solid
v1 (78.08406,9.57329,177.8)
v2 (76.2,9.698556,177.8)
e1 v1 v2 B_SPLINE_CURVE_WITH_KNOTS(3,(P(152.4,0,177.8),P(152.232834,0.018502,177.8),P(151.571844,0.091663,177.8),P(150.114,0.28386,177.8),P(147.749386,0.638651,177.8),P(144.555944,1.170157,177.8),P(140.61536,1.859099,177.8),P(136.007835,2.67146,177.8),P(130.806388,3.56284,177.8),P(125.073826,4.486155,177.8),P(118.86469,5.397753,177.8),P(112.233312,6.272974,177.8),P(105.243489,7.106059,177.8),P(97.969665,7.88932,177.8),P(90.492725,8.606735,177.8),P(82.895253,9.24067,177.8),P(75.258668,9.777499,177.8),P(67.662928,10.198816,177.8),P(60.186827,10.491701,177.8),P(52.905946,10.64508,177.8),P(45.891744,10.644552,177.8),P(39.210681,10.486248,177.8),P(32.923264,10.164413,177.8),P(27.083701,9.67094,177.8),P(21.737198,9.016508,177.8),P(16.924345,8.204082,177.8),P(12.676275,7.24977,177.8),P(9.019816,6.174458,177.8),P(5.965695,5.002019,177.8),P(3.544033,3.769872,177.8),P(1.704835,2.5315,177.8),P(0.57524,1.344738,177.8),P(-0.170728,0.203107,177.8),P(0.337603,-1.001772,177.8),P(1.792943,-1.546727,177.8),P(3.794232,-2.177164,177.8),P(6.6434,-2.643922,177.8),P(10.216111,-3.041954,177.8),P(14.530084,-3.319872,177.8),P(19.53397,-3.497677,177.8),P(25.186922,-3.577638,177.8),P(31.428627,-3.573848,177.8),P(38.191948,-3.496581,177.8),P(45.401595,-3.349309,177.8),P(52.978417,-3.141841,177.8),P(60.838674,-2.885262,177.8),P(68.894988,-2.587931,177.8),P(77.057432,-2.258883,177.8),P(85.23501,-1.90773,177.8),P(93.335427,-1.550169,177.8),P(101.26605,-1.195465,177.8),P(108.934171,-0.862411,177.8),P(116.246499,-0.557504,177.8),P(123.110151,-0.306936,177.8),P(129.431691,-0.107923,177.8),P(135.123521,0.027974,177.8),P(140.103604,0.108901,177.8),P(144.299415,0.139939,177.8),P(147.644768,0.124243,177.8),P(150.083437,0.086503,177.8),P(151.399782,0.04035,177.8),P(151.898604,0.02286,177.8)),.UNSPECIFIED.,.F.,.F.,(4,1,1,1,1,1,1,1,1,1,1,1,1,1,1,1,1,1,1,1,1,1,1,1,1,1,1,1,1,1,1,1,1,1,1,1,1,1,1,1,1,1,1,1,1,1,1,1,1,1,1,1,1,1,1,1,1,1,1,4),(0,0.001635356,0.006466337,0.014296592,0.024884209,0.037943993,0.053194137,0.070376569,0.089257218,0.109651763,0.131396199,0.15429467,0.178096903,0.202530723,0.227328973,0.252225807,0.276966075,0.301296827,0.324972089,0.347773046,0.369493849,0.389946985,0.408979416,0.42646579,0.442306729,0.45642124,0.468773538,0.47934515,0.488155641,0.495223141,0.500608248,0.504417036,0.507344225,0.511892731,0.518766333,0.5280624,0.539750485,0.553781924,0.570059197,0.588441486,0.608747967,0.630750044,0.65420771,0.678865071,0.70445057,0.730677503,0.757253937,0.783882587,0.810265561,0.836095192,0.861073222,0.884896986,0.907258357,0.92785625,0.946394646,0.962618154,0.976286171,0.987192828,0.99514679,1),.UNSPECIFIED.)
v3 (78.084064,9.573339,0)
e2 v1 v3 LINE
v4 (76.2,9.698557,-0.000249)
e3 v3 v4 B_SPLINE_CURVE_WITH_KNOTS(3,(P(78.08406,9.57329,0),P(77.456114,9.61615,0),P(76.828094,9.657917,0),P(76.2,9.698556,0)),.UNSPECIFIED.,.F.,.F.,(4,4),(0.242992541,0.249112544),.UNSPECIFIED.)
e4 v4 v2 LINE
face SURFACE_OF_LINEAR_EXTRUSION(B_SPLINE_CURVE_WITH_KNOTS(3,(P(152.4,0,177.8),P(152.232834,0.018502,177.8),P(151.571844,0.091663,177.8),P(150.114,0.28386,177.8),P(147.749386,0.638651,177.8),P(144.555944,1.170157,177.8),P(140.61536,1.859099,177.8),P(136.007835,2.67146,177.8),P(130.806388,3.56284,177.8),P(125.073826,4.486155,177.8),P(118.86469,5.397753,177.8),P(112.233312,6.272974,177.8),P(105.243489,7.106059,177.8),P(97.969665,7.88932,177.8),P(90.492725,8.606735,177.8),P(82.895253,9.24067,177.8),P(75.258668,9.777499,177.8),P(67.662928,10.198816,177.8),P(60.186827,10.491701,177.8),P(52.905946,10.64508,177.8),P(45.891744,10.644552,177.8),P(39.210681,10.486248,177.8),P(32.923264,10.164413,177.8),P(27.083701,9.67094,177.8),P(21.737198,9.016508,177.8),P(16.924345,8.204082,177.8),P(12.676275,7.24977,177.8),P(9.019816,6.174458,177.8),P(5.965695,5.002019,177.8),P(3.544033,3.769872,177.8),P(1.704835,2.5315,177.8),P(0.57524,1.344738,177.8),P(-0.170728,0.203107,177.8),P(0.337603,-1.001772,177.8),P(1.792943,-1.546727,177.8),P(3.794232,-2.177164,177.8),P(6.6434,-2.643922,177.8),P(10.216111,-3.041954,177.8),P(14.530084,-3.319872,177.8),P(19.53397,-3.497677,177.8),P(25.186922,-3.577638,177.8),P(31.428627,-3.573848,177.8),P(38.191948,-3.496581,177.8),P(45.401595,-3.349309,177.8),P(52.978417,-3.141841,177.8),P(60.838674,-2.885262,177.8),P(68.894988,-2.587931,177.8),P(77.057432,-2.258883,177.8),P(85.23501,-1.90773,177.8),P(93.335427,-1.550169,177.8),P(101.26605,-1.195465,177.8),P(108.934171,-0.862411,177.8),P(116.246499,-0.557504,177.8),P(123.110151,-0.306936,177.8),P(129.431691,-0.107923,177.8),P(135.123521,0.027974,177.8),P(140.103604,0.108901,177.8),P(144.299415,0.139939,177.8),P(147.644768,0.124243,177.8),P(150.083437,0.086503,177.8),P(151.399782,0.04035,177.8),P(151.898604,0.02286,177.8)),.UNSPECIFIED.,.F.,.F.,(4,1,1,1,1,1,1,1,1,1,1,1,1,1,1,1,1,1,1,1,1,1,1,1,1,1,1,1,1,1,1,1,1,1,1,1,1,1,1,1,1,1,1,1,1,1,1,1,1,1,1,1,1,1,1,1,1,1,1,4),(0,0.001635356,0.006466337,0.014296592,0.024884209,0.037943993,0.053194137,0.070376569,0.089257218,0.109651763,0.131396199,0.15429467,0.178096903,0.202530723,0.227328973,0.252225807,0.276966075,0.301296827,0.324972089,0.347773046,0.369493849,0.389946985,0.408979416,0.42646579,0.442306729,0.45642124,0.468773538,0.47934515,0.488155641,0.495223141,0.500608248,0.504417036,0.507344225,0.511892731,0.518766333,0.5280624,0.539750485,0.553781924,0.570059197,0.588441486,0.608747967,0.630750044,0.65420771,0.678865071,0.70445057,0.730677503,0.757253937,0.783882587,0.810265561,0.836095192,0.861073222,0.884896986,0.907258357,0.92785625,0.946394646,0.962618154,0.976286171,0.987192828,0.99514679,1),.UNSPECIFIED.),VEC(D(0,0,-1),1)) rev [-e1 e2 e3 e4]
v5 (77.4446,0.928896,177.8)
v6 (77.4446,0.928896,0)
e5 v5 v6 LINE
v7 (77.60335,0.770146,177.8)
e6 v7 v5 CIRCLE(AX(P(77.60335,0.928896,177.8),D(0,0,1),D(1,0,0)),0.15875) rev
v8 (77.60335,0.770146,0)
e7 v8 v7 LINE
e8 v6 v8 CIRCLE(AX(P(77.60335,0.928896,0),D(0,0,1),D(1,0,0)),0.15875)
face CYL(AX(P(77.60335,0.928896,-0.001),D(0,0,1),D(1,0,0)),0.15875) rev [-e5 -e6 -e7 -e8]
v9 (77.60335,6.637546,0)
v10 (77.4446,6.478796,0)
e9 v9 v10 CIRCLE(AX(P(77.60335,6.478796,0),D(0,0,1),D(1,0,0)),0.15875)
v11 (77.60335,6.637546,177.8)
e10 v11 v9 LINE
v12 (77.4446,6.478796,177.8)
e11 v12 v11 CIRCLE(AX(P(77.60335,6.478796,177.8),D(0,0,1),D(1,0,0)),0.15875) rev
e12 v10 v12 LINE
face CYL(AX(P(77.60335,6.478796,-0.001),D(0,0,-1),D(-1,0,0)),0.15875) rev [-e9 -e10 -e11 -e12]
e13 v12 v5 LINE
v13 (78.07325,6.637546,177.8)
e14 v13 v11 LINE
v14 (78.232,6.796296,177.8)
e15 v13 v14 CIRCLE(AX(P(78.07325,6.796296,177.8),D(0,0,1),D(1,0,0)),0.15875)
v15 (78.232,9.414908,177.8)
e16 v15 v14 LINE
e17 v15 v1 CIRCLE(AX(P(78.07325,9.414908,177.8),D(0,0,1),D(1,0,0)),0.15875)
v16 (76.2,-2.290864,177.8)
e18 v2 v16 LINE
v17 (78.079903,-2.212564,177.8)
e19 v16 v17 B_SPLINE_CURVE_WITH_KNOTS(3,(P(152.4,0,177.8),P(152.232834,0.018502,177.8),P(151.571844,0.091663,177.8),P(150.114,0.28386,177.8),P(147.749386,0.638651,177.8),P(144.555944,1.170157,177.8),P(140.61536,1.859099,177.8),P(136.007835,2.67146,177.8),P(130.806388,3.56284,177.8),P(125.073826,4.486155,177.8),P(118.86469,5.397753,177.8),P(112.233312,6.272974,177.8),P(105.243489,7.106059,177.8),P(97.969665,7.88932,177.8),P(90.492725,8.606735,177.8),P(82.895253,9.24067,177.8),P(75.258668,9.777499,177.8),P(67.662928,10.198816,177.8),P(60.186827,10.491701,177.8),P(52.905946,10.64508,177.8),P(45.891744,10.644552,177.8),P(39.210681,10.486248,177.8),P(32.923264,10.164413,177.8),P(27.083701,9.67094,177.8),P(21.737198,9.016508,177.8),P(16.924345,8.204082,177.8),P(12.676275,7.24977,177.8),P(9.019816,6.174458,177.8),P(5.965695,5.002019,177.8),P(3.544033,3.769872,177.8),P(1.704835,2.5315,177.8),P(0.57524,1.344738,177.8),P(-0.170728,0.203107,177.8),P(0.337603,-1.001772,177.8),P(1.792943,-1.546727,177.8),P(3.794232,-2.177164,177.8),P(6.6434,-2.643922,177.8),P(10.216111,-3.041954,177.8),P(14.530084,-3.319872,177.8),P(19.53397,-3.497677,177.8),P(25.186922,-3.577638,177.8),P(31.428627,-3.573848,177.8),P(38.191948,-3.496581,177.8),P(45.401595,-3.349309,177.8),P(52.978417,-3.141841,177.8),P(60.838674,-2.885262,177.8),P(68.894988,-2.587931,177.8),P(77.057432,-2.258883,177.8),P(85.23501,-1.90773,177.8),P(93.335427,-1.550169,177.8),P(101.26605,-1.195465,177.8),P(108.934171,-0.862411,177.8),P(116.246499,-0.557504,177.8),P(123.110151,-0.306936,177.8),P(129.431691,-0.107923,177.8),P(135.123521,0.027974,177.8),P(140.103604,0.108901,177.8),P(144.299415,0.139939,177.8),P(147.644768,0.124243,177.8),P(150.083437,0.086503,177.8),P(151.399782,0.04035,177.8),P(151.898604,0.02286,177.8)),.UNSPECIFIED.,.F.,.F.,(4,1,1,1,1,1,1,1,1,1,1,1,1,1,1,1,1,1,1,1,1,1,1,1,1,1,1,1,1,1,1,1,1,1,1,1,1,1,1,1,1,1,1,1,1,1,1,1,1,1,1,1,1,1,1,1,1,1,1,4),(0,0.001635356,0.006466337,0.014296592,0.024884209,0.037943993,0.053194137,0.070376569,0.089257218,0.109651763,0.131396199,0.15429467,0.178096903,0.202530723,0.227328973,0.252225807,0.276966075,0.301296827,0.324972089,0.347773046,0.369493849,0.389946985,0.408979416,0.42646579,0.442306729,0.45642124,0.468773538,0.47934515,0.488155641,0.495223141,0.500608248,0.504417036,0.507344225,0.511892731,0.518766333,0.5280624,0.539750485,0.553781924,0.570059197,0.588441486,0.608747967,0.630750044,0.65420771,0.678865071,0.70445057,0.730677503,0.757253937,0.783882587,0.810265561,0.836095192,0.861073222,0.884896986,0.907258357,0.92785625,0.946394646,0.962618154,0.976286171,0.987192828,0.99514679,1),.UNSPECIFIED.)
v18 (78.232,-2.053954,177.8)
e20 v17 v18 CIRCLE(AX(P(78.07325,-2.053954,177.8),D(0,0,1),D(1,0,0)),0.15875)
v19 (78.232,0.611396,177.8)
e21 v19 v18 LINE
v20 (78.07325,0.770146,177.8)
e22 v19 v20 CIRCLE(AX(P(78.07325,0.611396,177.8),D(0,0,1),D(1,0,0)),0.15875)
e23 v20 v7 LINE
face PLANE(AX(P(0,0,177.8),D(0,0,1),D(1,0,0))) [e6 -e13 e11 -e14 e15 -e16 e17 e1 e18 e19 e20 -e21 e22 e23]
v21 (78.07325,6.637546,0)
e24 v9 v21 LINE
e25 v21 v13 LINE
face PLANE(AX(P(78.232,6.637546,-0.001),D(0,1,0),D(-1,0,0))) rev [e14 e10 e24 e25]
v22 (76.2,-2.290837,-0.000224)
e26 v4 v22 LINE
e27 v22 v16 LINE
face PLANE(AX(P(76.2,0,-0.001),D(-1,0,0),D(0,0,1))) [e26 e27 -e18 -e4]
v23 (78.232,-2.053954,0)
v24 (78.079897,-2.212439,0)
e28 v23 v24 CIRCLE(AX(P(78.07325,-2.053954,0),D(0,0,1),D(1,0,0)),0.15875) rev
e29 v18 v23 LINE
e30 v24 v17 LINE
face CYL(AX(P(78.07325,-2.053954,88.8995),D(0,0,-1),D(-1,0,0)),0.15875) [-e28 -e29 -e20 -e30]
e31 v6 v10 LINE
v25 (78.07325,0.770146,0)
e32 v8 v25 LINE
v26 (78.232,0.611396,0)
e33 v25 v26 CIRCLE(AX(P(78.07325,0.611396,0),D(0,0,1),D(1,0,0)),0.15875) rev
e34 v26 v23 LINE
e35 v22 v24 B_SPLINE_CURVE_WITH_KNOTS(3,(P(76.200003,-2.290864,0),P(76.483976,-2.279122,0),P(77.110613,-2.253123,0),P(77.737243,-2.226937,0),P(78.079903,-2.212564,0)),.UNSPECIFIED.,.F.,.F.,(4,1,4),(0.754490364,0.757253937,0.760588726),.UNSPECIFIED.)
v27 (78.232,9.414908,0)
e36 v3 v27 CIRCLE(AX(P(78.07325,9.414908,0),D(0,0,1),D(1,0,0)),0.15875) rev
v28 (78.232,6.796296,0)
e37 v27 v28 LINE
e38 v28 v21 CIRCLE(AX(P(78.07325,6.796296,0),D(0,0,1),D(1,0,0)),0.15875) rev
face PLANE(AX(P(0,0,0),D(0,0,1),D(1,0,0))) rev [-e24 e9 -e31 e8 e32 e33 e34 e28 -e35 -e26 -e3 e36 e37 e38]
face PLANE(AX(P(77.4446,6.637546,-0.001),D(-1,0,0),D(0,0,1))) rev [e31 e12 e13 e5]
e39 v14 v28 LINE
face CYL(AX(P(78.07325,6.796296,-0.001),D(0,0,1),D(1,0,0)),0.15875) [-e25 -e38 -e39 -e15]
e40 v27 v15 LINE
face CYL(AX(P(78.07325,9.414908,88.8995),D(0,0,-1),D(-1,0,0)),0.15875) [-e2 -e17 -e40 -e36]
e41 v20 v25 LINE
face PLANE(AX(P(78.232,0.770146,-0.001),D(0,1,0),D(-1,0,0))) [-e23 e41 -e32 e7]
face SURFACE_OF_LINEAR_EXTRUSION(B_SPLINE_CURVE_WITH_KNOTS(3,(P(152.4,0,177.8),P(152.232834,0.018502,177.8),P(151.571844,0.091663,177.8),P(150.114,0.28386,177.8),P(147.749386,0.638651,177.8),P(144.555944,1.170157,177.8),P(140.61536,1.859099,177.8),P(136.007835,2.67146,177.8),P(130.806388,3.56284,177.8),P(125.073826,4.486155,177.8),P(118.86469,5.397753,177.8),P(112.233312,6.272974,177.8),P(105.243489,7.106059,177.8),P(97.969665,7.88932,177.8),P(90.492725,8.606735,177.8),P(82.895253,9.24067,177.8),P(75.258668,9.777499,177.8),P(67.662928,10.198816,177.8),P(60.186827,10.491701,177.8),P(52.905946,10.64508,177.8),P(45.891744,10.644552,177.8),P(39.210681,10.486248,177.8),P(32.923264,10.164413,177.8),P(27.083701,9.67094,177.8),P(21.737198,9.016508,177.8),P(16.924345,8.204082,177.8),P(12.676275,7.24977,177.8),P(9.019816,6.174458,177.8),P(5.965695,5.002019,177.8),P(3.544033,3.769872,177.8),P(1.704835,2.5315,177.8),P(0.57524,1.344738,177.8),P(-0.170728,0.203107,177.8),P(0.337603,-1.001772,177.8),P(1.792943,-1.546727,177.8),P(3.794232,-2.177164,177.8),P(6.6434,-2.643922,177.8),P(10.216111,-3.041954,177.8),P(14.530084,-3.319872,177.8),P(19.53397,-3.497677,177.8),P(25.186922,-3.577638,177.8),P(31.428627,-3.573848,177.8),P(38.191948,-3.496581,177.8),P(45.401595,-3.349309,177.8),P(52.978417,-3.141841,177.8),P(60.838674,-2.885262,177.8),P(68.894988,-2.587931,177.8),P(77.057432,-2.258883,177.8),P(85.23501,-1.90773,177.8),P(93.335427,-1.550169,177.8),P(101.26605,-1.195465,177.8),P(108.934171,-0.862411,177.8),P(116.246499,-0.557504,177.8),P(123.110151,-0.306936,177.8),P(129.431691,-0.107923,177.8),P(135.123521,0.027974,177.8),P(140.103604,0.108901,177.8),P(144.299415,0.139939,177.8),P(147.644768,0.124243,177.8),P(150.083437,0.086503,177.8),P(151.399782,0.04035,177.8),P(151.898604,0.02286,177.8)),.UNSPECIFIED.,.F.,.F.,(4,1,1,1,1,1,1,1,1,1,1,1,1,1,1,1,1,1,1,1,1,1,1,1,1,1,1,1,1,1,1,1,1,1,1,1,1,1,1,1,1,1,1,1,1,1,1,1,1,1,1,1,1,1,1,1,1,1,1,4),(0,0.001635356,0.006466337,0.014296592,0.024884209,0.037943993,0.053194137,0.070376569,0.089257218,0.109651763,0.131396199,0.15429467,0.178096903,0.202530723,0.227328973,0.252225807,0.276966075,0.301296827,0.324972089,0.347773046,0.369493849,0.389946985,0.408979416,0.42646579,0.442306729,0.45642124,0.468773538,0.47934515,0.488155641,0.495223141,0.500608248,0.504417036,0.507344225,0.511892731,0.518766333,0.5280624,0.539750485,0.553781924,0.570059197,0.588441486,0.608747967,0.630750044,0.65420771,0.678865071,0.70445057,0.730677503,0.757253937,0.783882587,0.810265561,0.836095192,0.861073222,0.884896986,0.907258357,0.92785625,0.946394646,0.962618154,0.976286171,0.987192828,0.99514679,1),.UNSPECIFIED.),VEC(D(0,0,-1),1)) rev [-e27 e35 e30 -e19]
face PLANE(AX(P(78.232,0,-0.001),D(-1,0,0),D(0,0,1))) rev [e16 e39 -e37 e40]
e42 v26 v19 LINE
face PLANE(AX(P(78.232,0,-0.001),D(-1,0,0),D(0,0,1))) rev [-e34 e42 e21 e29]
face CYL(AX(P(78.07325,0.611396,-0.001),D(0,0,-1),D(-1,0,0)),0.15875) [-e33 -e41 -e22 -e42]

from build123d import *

# Parameters (mm, degrees)
BOSS_EXTRUDE1_DEPTH = 177.8
CUT_EXTRUDE1_REACH  = 236.418
SKETCH3_W           = 0.7874
SKETCH3_H           = 5.8674
FILLET1_R           = 0.15875


with BuildPart() as part:
    # Sketch1 → Boss-Extrude1 (new body)
    with BuildSketch(Plane.XY):
        with BuildLine():
            Line((151.898604, 0.02286), (152.4, 0))
            add(Edge.make_bspline(
                [(152.4, 0), (152.232833718, 0.018502415), (151.571843934, 0.091662545), (150.113999557, 0.2838596), (147.749385864, 0.638650629), (144.555943786, 1.170157002), (140.615360499, 1.859099247), (136.007834995, 2.67146013), (130.806388019, 3.562840017), (125.073826155, 4.486154777), (118.864690135, 5.397753278), (112.233312125, 6.272974236), (105.243489487, 7.106058892), (97.969665406, 7.889319693), (90.492724993, 8.606734858), (82.895253241, 9.240670251), (75.258667902, 9.77749908), (67.662928423, 10.198815718), (60.186827499, 10.49170102), (52.905945954, 10.645080099), (45.891743713, 10.644551806), (39.210681048, 10.486247597), (32.923263797, 10.164412711), (27.083700854, 9.670939726), (21.73719754, 9.016508091), (16.924344759, 8.204081974), (12.676275305, 7.249770479), (9.019815693, 6.174457771), (5.965694819, 5.002018522), (3.544032537, 3.769871526), (1.704834708, 2.531499726), (0.575239506, 1.344737529), (-0.170728015, 0.20310696), (0.337603285, -1.001772228), (1.792943226, -1.546726795), (3.794232235, -2.17716446), (6.643400201, -2.643922316), (10.216110654, -3.041953632), (14.530084187, -3.319872228), (19.533969629, -3.497677255), (25.18692206, -3.577638345), (31.428627275, -3.573848082), (38.191948203, -3.496581442), (45.401595317, -3.349308986), (52.97841726, -3.141841288), (60.83867414, -2.885262261), (68.894988424, -2.587930905), (77.057432025, -2.258882887), (85.235009672, -1.907730283), (93.335426834, -1.550168819), (101.266049649, -1.195465221), (108.93417081, -0.862411006), (116.2464986, -0.557504045), (123.110150899, -0.306936183), (129.431690533, -0.107922528), (135.123521438, 0.027974451), (140.103603919, 0.108900525), (144.29941542, 0.13993859), (147.644768246, 0.124243061), (150.083437285, 0.086502888), (151.399782071, 0.04034956), (151.898604, 0.02286)],
                knots=[0, 0, 0, 0, 0.001635356, 0.006466337, 0.014296592, 0.024884209, 0.037943993, 0.053194137, 0.070376569, 0.089257218, 0.109651763, 0.131396199, 0.15429467, 0.178096903, 0.202530723, 0.227328973, 0.252225807, 0.276966075, 0.301296827, 0.324972089, 0.347773046, 0.369493849, 0.389946985, 0.408979416, 0.42646579, 0.442306729, 0.45642124, 0.468773538, 0.47934515, 0.488155641, 0.495223141, 0.500608248, 0.504417036, 0.507344225, 0.511892731, 0.518766333, 0.5280624, 0.539750485, 0.553781924, 0.570059197, 0.588441486, 0.608747967, 0.630750044, 0.65420771, 0.678865071, 0.70445057, 0.730677503, 0.757253937, 0.783882587, 0.810265561, 0.836095192, 0.861073222, 0.884896986, 0.907258357, 0.92785625, 0.946394646, 0.962618154, 0.976286171, 0.987192828, 0.99514679, 1, 1, 1, 1], degree=3))
        make_face()
    extrude(amount=BOSS_EXTRUDE1_DEPTH)

    # Sketch3 → Cut-Extrude1 (cut, up to next)
    with BuildSketch(Plane.XY.offset(177.8), mode=Mode.PRIVATE) as cut_extrude1_sk1:
        with BuildLine():
            Line((76.2, -2.290863726), (76.2, 9.698555773))
            add(Edge.make_bspline(
                [(76.2, 9.698555773), (75.880486903, 9.71922899), (73.021718792, 9.901577043), (67.662928423, 10.198815718), (60.186827499, 10.49170102), (52.905945954, 10.645080099), (45.891743713, 10.644551806), (39.210681048, 10.486247597), (32.923263797, 10.164412711), (27.083700854, 9.670939726), (21.73719754, 9.016508091), (16.924344759, 8.204081974), (12.676275305, 7.249770479), (9.019815693, 6.174457771), (5.965694819, 5.002018522), (3.544032537, 3.769871526), (1.704834708, 2.531499726), (0.575239506, 1.344737529), (-0.170728015, 0.20310696), (0.337603285, -1.001772228), (1.792943226, -1.546726795), (3.794232235, -2.17716446), (6.643400201, -2.643922316), (10.216110654, -3.041953632), (14.530084187, -3.319872228), (19.533969629, -3.497677255), (25.18692206, -3.577638345), (31.428627275, -3.573848082), (38.191948203, -3.496581442), (45.401595317, -3.349308986), (52.97841726, -3.141841288), (60.83867414, -2.885262261), (68.610964891, -2.598413254), (73.753094803, -2.392038155), (76.2, -2.290863726)],
                knots=[0.249112544, 0.249112544, 0.249112544, 0.249112544, 0.252225807, 0.276966075, 0.301296827, 0.324972089, 0.347773046, 0.369493849, 0.389946985, 0.408979416, 0.42646579, 0.442306729, 0.45642124, 0.468773538, 0.47934515, 0.488155641, 0.495223141, 0.500608248, 0.504417036, 0.507344225, 0.511892731, 0.518766333, 0.5280624, 0.539750485, 0.553781924, 0.570059197, 0.588441486, 0.608747967, 0.630750044, 0.65420771, 0.678865071, 0.70445057, 0.730677503, 0.754490355, 0.754490355, 0.754490355, 0.754490355], degree=3))
        make_face()
    cut_extrude1_tool1 = extrude(cut_extrude1_sk1.sketch, amount=-CUT_EXTRUDE1_REACH, mode=Mode.PRIVATE) & part.part
    # Sketch3 → Cut-Extrude1 (cut, up to next)
    with BuildSketch(Plane.XY.offset(177.8), mode=Mode.PRIVATE) as cut_extrude1_sk2:
        with BuildLine():
            add(Edge.make_bspline(
                [(152.329043318, 0.007856204), (152.185531128, 0.023755853), (151.548249147, 0.094773199), (150.113999557, 0.2838596), (147.749385864, 0.638650629), (144.555943786, 1.170157002), (140.615360499, 1.859099247), (136.007834995, 2.67146013), (130.806388019, 3.562840017), (125.073826155, 4.486154777), (118.864690135, 5.397753278), (112.233312125, 6.272974236), (105.243489487, 7.106058892), (97.969665406, 7.889319693), (90.492724993, 8.606734858), (83.890828887, 9.157599111), (79.789825298, 9.456414677), (78.232, 9.563171971)],
                knots=[0.000231386, 0.000231386, 0.000231386, 0.000231386, 0.001635356, 0.006466337, 0.014296592, 0.024884209, 0.037943993, 0.053194137, 0.070376569, 0.089257218, 0.109651763, 0.131396199, 0.15429467, 0.178096903, 0.202530723, 0.227328973, 0.242511926, 0.242511926, 0.242511926, 0.242511926], degree=3))
            Line((78.232, 9.563171971), (78.232, 6.637546024))
            Line((78.232, 6.637546024), (78.232, 0.770146024))
            Line((78.232, 0.770146024), (78.232, -2.206181248))
            add(Edge.make_bspline(
                [(78.232, -2.206181248), (80.57481261, -2.107809283), (85.628331607, -1.890368614), (93.335426834, -1.550168819), (101.266049649, -1.195465221), (108.93417081, -0.862411006), (116.2464986, -0.557504045), (123.110150899, -0.306936183), (129.431690533, -0.107922528), (135.123521438, 0.027974451), (140.103603919, 0.108900525), (144.29941542, 0.13993859), (147.644768246, 0.124243061), (150.083437285, 0.086502888), (151.399782071, 0.04034956), (151.898604, 0.02286)],
                knots=[0.761082134, 0.761082134, 0.761082134, 0.761082134, 0.783882587, 0.810265561, 0.836095192, 0.861073222, 0.884896986, 0.907258357, 0.92785625, 0.946394646, 0.962618154, 0.976286171, 0.987192828, 0.99514679, 1, 1, 1, 1], degree=3))
            Line((151.898604, 0.02286), (152.4, 0))
            add(Edge.make_bspline(
                [(152.4, 0), (152.376347675, 0.002617903), (152.352695351, 0.005235806), (152.329043318, 0.007856204)],
                knots=[0, 0, 0, 0, 0.000231386, 0.000231386, 0.000231386, 0.000231386], degree=3))
        make_face()
    cut_extrude1_tool2 = extrude(cut_extrude1_sk2.sketch, amount=-CUT_EXTRUDE1_REACH, mode=Mode.PRIVATE) & part.part
    # Sketch3 → Cut-Extrude1 (cut, up to next)
    with BuildSketch(Plane.XY.offset(177.8), mode=Mode.PRIVATE) as cut_extrude1_sk3:
        with Locations((77.8383, 3.703846024)):
            Rectangle(SKETCH3_W, SKETCH3_H)
    cut_extrude1_tool3 = extrude(cut_extrude1_sk3.sketch, amount=-CUT_EXTRUDE1_REACH, mode=Mode.PRIVATE) & part.part
    add(cut_extrude1_tool1.solids().sort_by_distance((41.071648, 3.198464, 177.8))[0], mode=Mode.SUBTRACT)
    add(cut_extrude1_tool2.solids().sort_by_distance((102.964201, 2.96286, 177.8))[0], mode=Mode.SUBTRACT)
    add(cut_extrude1_tool3.solids().sort_by_distance((77.8383, 3.703846, 177.8))[0], mode=Mode.SUBTRACT)

    # Fillet1
    fillet1_edges = [part.edges().sort_by_distance(p)[0] for p in [
        (78.232, -2.206181248, 88.9),
        (78.232, 9.563171971, 88.9),
        (78.232, 0.770146024, 88.9),
        (77.4446, 0.770146024, 88.9),
        (78.232, 6.637546024, 88.9),
        (77.4446, 6.637546024, 88.9),
    ]]
    fillet(fillet1_edges, radius=FILLET1_R)


solid = part.part
